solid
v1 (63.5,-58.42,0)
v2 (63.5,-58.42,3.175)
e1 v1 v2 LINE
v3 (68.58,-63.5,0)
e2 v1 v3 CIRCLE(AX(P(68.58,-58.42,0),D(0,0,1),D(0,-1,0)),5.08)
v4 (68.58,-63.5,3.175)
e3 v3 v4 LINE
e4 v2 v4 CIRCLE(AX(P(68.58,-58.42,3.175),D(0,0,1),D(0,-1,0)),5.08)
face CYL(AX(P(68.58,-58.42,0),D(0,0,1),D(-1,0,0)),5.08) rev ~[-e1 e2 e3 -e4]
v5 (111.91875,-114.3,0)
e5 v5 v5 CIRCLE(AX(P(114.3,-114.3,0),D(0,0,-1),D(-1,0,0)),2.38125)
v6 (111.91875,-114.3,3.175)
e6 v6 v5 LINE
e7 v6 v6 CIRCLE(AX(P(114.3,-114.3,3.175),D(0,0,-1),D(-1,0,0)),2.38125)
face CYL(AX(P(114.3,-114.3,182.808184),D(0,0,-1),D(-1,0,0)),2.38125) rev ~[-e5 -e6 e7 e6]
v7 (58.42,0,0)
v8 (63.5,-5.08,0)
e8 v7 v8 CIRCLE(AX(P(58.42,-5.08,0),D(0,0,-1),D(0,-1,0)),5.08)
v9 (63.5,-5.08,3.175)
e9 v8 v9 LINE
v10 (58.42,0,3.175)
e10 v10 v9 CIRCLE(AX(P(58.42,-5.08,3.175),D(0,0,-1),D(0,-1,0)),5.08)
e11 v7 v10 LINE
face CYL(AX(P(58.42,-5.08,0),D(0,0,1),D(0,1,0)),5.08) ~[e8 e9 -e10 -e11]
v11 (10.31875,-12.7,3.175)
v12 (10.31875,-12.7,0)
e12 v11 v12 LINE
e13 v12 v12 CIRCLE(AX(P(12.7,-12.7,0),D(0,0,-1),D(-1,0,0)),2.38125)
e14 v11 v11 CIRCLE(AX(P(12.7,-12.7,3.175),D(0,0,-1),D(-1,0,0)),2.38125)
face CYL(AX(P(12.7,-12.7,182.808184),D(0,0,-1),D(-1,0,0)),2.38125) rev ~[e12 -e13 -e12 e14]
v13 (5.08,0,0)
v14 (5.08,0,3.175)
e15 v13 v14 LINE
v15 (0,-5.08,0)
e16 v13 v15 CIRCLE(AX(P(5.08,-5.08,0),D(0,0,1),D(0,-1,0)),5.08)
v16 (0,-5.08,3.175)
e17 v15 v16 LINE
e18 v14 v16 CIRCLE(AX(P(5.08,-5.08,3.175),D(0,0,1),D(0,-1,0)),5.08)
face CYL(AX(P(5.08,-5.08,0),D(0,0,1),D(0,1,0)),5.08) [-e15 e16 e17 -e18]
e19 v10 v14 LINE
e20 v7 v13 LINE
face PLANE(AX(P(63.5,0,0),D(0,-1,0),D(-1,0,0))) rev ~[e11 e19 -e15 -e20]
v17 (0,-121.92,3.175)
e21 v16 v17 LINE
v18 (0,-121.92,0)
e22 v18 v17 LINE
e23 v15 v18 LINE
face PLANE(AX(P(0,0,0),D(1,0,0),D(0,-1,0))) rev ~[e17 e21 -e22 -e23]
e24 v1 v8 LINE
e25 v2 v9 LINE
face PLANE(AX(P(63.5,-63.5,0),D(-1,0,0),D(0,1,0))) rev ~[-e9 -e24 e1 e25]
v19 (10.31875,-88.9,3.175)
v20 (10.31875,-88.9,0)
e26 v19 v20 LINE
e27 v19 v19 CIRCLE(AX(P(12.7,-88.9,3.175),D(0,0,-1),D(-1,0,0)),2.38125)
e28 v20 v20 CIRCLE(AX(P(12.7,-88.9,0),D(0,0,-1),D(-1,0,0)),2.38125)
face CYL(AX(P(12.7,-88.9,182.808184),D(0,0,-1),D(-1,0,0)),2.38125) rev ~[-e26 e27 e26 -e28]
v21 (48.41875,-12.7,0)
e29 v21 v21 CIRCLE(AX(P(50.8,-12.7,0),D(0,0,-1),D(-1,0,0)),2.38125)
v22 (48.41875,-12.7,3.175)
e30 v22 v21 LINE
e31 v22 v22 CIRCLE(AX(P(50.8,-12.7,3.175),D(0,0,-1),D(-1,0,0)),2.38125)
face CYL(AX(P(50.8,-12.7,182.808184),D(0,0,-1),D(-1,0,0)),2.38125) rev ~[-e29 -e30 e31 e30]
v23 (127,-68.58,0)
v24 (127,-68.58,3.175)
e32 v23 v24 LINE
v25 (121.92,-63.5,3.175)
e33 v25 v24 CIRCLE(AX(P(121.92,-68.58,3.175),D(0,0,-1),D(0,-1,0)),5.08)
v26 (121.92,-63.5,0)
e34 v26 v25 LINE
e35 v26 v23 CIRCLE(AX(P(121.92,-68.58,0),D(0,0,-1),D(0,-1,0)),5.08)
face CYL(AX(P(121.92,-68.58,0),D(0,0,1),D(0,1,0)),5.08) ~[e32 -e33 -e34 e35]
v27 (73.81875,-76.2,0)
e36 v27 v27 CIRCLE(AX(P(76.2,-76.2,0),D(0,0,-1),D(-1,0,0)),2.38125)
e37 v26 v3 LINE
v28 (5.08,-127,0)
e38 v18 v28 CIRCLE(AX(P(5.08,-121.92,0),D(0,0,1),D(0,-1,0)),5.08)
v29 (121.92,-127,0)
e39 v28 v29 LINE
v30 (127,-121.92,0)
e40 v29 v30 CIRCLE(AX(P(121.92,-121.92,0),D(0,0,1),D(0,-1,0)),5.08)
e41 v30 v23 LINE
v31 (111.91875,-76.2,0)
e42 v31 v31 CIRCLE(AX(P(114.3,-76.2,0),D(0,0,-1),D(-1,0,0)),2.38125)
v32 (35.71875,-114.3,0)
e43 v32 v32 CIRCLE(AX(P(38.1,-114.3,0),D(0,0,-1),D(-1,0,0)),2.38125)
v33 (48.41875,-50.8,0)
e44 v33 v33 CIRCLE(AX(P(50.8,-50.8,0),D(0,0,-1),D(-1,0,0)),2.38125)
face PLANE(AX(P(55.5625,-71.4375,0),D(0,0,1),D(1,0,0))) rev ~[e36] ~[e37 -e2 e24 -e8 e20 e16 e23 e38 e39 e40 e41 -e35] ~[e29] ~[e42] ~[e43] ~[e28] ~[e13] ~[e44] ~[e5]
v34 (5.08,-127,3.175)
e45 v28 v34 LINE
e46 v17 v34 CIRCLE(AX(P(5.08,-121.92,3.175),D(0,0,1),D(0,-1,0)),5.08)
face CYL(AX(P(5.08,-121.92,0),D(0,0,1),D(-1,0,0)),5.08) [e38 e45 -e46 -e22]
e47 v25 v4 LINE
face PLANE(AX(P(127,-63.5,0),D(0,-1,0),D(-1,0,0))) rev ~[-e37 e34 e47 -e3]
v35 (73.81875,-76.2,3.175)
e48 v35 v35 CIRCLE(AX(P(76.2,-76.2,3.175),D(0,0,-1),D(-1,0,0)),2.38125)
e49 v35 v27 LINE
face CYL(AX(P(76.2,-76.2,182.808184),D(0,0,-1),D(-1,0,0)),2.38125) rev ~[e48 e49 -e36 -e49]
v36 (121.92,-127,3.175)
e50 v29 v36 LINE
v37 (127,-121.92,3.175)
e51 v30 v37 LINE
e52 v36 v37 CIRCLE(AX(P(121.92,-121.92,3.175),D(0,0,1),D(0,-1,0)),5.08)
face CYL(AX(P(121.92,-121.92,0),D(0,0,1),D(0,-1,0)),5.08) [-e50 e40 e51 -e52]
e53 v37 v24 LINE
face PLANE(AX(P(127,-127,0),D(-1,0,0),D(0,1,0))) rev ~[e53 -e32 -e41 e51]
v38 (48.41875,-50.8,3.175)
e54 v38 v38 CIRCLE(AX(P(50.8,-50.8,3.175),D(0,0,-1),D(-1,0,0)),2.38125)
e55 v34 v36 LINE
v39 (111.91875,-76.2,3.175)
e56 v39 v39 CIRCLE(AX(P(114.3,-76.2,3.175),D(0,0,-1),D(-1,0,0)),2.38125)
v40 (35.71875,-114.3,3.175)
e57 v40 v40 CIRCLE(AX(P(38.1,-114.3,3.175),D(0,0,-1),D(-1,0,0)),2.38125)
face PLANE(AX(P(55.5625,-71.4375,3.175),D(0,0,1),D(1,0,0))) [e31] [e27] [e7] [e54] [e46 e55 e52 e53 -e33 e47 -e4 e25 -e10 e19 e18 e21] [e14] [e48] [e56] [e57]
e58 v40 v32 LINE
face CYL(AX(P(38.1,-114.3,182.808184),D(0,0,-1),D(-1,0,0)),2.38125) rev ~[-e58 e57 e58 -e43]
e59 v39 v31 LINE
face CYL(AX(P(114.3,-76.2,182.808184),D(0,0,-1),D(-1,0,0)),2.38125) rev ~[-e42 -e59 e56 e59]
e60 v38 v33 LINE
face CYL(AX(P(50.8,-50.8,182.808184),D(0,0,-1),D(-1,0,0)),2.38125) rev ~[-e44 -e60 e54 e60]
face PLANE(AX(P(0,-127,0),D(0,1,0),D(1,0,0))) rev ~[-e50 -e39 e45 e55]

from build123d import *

# Parameters (mm, degrees)
F1_DEPTH = 3.175
F3_D     = 4.7625
F4_R     = 5.08


with BuildPart() as f1:
    # F0 (on Top) → F1 (new body)
    with BuildSketch(Plane.XY):
        Polygon((63.5, 0), (0, 0), (0, -127), (127, -127), (127, -63.5), (63.5, -63.5), align=None)
    extrude(amount=F1_DEPTH)

    # F3 (through all)
    with Locations(Plane.XY.offset(3.175)):
        with Locations((12.7, -12.7), (50.8, -12.7), (50.8, -50.8), (12.7, -88.9), (38.1, -114.3), (76.2, -76.2), (114.3, -76.2), (114.3, -114.3)):
            Hole(F3_D / 2)

    # F4
    f4_edges = [f1.edges().sort_by_distance(p)[0] for p in [
        (63.5, -63.5, 1.5875),
        (63.5, 0, 1.5875),
        (0, 0, 1.5875),
        (127, -63.5, 1.5875),
        (127, -127, 1.5875),
        (0, -127, 1.5875),
    ]]
    fillet(f4_edges, radius=F4_R)


solid = f1.part
